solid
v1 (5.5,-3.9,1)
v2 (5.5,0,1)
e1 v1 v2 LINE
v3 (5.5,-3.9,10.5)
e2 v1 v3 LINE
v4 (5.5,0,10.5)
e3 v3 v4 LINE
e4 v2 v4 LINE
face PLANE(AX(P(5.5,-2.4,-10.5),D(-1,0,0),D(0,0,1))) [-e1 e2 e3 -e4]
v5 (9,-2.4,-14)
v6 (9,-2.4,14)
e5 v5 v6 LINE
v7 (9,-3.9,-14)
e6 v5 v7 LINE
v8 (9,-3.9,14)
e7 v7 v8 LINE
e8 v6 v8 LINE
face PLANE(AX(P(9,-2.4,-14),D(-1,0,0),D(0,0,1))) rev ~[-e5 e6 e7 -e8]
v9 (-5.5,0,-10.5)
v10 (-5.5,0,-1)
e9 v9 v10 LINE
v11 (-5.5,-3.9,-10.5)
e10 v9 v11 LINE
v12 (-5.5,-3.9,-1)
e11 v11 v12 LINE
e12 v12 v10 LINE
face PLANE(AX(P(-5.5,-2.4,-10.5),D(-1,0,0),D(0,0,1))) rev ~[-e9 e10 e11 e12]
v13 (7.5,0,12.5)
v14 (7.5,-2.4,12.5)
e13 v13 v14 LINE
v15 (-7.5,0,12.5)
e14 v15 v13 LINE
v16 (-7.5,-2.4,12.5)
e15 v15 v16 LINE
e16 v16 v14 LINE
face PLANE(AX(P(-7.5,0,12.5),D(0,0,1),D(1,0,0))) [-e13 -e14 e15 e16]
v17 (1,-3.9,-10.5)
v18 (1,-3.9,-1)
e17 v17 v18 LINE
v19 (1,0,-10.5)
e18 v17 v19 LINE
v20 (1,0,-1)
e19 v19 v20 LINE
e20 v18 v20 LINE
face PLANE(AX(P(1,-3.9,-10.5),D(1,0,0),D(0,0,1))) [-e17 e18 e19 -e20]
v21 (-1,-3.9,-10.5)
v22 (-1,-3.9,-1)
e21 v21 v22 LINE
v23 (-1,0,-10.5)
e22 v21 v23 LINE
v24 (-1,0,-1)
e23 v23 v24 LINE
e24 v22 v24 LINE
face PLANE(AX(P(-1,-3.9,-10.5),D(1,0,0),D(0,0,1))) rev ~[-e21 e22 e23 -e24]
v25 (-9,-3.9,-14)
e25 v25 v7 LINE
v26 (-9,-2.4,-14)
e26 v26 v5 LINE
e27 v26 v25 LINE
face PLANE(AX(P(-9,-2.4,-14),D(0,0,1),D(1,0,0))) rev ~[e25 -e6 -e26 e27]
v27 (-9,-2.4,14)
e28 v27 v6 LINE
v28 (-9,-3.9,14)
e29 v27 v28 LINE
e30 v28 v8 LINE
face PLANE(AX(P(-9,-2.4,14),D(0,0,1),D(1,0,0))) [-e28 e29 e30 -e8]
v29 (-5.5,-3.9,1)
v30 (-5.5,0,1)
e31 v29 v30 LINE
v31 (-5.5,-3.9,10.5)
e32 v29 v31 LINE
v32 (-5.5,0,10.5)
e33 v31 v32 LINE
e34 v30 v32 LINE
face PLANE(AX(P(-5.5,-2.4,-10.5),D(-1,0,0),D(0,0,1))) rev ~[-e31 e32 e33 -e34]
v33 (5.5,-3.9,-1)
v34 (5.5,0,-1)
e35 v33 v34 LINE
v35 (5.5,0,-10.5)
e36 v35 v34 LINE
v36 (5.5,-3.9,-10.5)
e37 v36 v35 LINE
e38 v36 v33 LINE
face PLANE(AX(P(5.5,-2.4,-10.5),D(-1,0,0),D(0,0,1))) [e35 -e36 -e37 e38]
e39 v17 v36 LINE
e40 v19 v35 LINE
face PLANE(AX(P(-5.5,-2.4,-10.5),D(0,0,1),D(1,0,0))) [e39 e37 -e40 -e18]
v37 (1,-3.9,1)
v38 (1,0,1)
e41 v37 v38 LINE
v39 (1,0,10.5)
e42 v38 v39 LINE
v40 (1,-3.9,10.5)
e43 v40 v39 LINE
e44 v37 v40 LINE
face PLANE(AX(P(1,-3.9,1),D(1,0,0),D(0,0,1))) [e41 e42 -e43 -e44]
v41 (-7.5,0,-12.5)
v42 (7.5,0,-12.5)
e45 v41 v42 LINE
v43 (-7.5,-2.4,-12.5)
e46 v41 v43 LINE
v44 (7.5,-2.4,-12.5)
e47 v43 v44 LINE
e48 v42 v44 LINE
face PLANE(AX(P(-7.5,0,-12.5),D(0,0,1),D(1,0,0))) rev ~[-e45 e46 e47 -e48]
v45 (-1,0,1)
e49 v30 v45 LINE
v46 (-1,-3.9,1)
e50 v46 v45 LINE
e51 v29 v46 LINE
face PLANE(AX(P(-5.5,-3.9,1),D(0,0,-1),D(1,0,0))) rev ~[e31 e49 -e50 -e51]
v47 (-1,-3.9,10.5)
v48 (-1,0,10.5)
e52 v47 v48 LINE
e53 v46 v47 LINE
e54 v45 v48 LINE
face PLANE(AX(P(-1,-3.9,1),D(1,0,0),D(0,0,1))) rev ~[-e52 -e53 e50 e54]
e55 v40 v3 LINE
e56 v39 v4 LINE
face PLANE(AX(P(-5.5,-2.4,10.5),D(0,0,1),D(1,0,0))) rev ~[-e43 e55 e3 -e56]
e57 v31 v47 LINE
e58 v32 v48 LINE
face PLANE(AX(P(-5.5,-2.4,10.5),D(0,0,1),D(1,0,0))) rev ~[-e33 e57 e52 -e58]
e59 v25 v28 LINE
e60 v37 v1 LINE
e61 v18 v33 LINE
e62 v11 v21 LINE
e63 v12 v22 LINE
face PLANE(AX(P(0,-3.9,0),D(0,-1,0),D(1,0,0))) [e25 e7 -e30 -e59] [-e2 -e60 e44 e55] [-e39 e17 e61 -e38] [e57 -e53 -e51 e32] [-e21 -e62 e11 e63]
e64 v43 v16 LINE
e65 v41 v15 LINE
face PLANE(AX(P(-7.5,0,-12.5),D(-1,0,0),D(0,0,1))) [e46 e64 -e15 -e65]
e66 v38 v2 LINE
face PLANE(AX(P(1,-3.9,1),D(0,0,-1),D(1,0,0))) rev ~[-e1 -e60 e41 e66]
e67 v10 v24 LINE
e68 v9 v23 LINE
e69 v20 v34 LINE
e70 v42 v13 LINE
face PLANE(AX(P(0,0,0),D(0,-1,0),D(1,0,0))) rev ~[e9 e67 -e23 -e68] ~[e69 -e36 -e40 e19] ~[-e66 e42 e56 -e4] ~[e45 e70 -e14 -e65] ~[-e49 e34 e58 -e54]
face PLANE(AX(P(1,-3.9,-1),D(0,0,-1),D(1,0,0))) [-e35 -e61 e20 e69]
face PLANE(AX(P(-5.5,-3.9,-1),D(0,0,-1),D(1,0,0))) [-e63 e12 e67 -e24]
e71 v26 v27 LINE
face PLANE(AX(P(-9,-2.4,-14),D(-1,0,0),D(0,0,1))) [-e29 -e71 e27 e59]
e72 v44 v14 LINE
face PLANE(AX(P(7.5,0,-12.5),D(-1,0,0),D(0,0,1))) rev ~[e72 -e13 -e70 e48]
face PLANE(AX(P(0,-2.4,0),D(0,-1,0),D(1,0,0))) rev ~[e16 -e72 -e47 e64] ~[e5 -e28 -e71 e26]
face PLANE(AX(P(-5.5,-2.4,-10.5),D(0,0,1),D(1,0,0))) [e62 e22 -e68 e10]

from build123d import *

# Parameters (mm, degrees)
F0_W     = 15
F0_H     = 25
F0_W_2   = 11
F0_H_2   = 21
F1_DEPTH = 2.4
F2_W     = 18
F2_H     = 28
F2_W_2   = 15
F2_H_2   = 25
F2_W_3   = 11
F2_H_3   = 21
F3_DEPTH = 1.5
F4_W     = 4.5
F4_H     = 2
F4_W_2   = 2
F4_H_2   = 9.5
F5_DEPTH = 3.9


with BuildPart() as f1:
    # F0 (on Front) → F1 (new body)
    with BuildSketch(Plane.XZ):
        Rectangle(F0_W, F0_H)
        Rectangle(F0_W_2, F0_H_2, mode=Mode.SUBTRACT)
    extrude(amount=F1_DEPTH)

    # F2 (on face) → F3 (join)
    with BuildSketch(Plane.XZ.offset(2.4)):
        Rectangle(F2_W, F2_H)
        Rectangle(F2_W_2, F2_H_2, mode=Mode.SUBTRACT)
        Rectangle(F2_W_2, F2_H_2)
        Rectangle(F2_W_3, F2_H_3, mode=Mode.SUBTRACT)
    extrude(amount=F3_DEPTH)

    # F4 (on face) → F5 (join)
    with BuildSketch(Plane.XZ.offset(3.9)):
        with Locations((-3.25, 0)):
            Rectangle(F4_W, F4_H)
        with Locations((0, 5.75)):
            Rectangle(F4_W_2, F4_H_2)
        Rectangle(F4_W_2, F4_H)
        with Locations((3.25, 0)):
            Rectangle(F4_W, F4_H)
        with Locations((0, -5.75)):
            Rectangle(F4_W_2, F4_H_2)
    extrude(amount=-F5_DEPTH)


solid = f1.part
